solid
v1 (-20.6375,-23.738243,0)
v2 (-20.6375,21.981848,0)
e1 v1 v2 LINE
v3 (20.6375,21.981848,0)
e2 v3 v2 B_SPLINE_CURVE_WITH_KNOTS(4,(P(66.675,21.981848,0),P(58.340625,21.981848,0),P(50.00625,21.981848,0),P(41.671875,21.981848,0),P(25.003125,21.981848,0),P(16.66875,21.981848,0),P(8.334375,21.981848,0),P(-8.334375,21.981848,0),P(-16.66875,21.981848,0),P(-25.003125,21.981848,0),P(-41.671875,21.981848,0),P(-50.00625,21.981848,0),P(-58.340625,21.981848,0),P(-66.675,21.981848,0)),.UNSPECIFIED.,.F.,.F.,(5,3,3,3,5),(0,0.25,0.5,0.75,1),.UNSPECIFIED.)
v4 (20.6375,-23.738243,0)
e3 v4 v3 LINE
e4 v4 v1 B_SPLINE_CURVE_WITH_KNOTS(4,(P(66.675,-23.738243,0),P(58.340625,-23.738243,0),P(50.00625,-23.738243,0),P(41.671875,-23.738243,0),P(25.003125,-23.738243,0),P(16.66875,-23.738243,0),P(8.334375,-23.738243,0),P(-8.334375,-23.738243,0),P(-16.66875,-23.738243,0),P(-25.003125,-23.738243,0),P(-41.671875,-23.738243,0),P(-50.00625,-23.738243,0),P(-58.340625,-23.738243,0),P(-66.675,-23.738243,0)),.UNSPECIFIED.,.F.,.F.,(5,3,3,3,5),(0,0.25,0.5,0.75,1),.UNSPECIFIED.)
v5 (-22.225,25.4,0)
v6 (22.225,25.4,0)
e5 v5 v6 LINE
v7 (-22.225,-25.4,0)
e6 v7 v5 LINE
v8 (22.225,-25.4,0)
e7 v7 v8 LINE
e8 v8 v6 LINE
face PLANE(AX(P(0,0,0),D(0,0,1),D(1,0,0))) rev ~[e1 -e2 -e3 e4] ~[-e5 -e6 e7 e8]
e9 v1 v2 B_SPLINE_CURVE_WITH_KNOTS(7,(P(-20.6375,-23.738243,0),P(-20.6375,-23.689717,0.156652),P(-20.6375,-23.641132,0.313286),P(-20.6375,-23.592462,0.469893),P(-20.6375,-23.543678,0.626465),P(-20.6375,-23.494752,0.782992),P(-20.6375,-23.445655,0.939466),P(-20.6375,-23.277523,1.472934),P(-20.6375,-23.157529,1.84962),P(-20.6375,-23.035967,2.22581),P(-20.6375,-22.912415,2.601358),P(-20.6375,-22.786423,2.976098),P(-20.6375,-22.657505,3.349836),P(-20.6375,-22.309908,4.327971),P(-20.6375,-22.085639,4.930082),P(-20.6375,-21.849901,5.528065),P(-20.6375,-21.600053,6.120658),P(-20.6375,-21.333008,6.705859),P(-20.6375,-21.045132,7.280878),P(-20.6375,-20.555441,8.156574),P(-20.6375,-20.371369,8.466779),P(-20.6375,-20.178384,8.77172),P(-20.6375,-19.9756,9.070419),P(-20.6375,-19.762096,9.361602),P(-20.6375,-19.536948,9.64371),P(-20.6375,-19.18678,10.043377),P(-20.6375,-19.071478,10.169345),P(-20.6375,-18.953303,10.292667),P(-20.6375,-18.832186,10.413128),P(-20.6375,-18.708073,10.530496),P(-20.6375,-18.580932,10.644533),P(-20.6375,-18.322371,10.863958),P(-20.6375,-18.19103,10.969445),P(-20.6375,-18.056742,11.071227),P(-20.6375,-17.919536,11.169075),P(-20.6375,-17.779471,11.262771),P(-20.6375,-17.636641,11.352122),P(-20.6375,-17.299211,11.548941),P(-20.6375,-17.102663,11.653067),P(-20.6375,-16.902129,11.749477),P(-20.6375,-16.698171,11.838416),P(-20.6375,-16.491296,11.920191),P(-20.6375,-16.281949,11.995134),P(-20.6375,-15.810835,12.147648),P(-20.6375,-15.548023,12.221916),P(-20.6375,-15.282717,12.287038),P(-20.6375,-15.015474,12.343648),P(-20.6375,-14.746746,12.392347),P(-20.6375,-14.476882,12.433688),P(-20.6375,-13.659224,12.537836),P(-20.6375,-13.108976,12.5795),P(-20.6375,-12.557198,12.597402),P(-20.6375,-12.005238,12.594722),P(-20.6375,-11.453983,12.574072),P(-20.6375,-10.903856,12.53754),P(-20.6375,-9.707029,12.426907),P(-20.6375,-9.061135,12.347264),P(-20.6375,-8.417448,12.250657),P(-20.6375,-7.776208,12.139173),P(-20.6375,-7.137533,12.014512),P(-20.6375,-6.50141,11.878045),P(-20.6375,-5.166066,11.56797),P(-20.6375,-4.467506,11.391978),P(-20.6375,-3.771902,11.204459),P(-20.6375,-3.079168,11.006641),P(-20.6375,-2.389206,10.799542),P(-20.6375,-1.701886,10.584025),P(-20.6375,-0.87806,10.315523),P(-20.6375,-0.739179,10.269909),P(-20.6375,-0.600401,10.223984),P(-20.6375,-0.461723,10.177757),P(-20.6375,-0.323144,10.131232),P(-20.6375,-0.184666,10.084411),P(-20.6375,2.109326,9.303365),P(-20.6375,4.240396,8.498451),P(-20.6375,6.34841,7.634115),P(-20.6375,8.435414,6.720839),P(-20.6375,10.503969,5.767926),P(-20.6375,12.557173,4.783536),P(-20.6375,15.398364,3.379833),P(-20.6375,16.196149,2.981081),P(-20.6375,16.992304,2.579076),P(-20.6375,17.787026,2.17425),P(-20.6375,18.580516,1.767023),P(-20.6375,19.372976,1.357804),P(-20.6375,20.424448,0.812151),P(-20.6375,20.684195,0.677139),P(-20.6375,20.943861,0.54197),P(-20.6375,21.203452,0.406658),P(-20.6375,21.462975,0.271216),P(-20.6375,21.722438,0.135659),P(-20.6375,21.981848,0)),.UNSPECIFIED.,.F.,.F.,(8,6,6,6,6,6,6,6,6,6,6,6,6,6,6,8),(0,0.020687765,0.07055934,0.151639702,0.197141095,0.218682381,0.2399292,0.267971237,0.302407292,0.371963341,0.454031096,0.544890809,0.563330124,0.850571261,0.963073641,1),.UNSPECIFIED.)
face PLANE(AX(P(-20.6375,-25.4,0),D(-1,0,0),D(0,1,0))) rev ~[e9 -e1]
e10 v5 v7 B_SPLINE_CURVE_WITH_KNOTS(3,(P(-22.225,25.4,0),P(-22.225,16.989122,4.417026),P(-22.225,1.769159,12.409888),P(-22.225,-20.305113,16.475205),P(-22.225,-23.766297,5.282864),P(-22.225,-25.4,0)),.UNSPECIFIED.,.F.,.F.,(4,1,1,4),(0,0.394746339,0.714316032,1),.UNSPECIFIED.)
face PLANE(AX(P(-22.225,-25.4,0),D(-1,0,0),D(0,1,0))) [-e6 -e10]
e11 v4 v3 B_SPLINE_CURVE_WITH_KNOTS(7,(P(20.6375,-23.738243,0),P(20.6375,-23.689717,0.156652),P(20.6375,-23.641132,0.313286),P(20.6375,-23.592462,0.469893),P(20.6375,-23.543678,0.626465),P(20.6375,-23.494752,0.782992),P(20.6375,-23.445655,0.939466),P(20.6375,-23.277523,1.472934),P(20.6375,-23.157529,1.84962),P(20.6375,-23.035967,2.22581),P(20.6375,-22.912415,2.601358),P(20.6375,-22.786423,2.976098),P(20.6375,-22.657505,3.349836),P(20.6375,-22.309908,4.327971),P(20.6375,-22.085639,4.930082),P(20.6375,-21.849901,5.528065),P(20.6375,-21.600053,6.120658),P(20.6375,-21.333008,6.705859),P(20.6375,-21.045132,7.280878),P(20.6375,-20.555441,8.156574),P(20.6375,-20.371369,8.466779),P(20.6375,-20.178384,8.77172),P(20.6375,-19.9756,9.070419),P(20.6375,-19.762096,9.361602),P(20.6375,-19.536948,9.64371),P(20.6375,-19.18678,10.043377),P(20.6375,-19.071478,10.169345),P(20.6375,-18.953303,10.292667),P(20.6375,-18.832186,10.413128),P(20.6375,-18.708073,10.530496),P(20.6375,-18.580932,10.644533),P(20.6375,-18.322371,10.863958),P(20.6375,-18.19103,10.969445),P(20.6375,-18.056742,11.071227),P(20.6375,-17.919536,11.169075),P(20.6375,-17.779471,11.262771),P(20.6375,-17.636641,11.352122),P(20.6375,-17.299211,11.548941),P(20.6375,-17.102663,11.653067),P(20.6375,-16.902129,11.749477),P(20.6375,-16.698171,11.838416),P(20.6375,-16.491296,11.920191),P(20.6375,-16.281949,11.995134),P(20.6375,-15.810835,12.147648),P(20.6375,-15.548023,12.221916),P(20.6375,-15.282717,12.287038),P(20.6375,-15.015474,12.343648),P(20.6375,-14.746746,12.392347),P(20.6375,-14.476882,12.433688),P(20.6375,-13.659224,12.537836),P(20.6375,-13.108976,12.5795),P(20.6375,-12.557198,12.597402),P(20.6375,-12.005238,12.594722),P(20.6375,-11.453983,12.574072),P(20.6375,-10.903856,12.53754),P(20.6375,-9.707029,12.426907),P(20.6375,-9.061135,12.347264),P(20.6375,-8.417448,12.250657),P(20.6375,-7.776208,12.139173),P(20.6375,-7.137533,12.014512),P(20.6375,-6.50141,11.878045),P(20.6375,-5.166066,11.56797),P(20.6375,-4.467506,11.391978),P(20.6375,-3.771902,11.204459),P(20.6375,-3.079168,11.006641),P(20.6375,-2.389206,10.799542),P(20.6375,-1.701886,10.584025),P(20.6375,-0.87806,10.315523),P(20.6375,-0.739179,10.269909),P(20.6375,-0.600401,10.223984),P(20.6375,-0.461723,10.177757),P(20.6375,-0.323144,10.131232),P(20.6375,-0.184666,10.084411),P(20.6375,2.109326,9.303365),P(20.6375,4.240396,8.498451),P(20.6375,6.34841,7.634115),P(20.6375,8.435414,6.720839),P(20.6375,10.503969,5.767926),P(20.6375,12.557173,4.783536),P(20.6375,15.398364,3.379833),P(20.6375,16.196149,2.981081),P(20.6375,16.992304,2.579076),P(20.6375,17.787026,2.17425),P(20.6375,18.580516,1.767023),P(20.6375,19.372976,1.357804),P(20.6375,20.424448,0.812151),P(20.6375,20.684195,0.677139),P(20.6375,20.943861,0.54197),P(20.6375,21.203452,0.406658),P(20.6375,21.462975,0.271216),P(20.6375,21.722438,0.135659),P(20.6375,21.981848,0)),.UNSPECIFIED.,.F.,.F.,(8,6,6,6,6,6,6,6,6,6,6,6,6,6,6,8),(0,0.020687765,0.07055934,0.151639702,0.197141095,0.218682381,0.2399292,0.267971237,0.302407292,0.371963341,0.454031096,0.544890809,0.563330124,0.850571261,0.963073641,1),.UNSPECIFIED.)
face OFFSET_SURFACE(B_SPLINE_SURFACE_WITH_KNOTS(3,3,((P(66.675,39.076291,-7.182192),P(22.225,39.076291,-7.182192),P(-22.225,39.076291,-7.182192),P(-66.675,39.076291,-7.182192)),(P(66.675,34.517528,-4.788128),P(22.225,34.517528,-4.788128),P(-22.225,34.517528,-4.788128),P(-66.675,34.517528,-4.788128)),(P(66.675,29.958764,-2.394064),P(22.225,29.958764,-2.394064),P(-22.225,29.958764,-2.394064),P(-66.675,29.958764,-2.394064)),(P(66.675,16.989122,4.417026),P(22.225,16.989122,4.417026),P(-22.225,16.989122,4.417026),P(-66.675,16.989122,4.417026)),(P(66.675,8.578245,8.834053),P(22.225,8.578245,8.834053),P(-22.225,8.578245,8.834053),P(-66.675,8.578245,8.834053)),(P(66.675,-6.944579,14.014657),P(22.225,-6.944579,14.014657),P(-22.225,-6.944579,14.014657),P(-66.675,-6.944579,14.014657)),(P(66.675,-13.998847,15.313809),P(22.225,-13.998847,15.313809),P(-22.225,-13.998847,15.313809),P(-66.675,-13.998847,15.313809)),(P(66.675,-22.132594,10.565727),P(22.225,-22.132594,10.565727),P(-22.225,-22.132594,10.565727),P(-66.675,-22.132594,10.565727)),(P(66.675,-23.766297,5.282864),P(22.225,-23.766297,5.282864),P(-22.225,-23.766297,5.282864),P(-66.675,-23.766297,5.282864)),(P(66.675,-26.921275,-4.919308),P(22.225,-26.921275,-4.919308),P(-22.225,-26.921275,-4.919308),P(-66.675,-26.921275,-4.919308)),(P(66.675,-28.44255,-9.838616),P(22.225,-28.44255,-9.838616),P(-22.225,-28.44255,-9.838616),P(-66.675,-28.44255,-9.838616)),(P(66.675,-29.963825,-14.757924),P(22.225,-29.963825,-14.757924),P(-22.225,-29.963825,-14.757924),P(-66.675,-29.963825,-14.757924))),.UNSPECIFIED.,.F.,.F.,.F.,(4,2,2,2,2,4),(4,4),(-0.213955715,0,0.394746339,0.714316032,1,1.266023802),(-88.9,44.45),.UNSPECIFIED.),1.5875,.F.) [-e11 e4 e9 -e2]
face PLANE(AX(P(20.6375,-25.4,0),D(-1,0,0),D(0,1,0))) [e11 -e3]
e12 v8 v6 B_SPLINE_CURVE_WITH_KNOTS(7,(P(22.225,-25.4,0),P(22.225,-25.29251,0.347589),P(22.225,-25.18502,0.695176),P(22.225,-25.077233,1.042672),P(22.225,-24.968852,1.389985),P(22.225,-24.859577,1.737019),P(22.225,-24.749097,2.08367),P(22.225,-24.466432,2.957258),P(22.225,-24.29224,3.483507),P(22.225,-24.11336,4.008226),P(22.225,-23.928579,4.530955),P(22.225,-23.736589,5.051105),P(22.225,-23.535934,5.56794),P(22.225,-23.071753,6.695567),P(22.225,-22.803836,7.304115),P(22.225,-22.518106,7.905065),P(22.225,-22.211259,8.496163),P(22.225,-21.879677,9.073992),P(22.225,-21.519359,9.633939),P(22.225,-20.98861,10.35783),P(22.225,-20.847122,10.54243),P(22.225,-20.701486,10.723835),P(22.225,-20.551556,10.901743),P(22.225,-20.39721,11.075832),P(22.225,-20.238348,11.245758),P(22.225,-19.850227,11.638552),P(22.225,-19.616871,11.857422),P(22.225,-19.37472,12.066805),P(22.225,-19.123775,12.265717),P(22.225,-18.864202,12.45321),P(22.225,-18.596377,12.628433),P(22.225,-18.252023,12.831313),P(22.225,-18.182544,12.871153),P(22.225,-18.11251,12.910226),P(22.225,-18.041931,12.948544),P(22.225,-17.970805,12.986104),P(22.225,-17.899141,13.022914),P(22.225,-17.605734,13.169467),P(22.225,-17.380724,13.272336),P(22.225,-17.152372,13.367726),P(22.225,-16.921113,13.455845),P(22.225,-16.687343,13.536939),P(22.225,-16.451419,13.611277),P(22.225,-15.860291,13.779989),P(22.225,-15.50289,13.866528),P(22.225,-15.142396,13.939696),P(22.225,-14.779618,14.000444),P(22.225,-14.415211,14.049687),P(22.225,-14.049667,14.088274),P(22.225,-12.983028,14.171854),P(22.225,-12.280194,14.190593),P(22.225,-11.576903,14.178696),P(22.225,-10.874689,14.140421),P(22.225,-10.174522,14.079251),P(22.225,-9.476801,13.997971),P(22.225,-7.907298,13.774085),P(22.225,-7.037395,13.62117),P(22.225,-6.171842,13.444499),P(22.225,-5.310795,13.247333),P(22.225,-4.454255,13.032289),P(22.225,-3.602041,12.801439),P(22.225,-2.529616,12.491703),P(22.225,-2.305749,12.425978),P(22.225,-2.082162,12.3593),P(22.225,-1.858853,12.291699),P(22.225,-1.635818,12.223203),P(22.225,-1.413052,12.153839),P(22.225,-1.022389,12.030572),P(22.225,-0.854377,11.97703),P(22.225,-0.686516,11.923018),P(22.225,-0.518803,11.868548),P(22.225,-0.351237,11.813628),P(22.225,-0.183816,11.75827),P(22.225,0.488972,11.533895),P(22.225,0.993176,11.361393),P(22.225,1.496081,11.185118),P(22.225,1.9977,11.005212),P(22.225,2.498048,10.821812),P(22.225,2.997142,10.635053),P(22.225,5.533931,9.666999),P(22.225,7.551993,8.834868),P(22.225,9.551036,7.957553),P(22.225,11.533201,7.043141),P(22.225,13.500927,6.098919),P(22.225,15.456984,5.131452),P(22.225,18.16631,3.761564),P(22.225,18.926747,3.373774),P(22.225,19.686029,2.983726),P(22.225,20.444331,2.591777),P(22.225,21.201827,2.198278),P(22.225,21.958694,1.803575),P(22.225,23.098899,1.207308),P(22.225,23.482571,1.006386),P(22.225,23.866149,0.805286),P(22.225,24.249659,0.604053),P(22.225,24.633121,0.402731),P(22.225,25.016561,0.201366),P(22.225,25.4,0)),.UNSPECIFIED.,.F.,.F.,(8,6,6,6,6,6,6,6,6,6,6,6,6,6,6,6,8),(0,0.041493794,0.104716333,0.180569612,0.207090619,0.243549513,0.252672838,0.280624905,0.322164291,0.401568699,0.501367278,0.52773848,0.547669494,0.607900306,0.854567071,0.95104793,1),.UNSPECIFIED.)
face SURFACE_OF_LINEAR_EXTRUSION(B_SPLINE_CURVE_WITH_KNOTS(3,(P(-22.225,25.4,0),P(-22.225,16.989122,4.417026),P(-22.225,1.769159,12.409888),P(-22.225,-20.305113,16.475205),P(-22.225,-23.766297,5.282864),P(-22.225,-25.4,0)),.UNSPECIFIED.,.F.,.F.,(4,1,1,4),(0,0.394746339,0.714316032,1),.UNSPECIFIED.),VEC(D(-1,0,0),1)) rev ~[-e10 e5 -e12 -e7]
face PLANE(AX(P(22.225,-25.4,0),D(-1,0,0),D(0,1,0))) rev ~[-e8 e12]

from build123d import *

# Parameters (mm, degrees)
F0_W     = 44.45
F0_H     = 50.8
F1_DEPTH = 19.05
F3_DEPTH = 44.451
F4_T     = -1.5875


with BuildPart() as f1:
    # F0 (on Top) → F1 (new body)
    with BuildSketch(Plane.XY):
        Rectangle(F0_W, F0_H)
    extrude(amount=F1_DEPTH)

    # F2 (on face) → F3 (cut, through all)
    with BuildSketch(Plane(origin=(-22.225, 0, 0), x_dir=(0, -1, 0), z_dir=(-1, 0, 0))):
        with BuildLine():
            Line((-25.4, 19.05), (-25.4, 0))
            add(Edge.make_bspline(
                [(-25.4, 0), (-16.9891224495, 4.4170263021), (-1.7691594232, 12.4098875227), (20.3051132663, 16.4752051875), (23.7662970219, 5.2828636212), (25.4, 0)],
                knots=[0, 0, 0, 0, 0.3947463386, 0.714316032, 1, 1, 1, 1], degree=3))
            Line((25.4, 0), (25.4, 19.05))
            Line((25.4, 19.05), (-25.4, 19.05))
        make_face()
    extrude(amount=-F3_DEPTH, mode=Mode.SUBTRACT)

    # F4
    f4_openings = [f1.faces().sort_by_distance(p)[0] for p in [
        (0, 0, 0),
    ]]
    offset(amount=F4_T, openings=f4_openings)


solid = f1.part
